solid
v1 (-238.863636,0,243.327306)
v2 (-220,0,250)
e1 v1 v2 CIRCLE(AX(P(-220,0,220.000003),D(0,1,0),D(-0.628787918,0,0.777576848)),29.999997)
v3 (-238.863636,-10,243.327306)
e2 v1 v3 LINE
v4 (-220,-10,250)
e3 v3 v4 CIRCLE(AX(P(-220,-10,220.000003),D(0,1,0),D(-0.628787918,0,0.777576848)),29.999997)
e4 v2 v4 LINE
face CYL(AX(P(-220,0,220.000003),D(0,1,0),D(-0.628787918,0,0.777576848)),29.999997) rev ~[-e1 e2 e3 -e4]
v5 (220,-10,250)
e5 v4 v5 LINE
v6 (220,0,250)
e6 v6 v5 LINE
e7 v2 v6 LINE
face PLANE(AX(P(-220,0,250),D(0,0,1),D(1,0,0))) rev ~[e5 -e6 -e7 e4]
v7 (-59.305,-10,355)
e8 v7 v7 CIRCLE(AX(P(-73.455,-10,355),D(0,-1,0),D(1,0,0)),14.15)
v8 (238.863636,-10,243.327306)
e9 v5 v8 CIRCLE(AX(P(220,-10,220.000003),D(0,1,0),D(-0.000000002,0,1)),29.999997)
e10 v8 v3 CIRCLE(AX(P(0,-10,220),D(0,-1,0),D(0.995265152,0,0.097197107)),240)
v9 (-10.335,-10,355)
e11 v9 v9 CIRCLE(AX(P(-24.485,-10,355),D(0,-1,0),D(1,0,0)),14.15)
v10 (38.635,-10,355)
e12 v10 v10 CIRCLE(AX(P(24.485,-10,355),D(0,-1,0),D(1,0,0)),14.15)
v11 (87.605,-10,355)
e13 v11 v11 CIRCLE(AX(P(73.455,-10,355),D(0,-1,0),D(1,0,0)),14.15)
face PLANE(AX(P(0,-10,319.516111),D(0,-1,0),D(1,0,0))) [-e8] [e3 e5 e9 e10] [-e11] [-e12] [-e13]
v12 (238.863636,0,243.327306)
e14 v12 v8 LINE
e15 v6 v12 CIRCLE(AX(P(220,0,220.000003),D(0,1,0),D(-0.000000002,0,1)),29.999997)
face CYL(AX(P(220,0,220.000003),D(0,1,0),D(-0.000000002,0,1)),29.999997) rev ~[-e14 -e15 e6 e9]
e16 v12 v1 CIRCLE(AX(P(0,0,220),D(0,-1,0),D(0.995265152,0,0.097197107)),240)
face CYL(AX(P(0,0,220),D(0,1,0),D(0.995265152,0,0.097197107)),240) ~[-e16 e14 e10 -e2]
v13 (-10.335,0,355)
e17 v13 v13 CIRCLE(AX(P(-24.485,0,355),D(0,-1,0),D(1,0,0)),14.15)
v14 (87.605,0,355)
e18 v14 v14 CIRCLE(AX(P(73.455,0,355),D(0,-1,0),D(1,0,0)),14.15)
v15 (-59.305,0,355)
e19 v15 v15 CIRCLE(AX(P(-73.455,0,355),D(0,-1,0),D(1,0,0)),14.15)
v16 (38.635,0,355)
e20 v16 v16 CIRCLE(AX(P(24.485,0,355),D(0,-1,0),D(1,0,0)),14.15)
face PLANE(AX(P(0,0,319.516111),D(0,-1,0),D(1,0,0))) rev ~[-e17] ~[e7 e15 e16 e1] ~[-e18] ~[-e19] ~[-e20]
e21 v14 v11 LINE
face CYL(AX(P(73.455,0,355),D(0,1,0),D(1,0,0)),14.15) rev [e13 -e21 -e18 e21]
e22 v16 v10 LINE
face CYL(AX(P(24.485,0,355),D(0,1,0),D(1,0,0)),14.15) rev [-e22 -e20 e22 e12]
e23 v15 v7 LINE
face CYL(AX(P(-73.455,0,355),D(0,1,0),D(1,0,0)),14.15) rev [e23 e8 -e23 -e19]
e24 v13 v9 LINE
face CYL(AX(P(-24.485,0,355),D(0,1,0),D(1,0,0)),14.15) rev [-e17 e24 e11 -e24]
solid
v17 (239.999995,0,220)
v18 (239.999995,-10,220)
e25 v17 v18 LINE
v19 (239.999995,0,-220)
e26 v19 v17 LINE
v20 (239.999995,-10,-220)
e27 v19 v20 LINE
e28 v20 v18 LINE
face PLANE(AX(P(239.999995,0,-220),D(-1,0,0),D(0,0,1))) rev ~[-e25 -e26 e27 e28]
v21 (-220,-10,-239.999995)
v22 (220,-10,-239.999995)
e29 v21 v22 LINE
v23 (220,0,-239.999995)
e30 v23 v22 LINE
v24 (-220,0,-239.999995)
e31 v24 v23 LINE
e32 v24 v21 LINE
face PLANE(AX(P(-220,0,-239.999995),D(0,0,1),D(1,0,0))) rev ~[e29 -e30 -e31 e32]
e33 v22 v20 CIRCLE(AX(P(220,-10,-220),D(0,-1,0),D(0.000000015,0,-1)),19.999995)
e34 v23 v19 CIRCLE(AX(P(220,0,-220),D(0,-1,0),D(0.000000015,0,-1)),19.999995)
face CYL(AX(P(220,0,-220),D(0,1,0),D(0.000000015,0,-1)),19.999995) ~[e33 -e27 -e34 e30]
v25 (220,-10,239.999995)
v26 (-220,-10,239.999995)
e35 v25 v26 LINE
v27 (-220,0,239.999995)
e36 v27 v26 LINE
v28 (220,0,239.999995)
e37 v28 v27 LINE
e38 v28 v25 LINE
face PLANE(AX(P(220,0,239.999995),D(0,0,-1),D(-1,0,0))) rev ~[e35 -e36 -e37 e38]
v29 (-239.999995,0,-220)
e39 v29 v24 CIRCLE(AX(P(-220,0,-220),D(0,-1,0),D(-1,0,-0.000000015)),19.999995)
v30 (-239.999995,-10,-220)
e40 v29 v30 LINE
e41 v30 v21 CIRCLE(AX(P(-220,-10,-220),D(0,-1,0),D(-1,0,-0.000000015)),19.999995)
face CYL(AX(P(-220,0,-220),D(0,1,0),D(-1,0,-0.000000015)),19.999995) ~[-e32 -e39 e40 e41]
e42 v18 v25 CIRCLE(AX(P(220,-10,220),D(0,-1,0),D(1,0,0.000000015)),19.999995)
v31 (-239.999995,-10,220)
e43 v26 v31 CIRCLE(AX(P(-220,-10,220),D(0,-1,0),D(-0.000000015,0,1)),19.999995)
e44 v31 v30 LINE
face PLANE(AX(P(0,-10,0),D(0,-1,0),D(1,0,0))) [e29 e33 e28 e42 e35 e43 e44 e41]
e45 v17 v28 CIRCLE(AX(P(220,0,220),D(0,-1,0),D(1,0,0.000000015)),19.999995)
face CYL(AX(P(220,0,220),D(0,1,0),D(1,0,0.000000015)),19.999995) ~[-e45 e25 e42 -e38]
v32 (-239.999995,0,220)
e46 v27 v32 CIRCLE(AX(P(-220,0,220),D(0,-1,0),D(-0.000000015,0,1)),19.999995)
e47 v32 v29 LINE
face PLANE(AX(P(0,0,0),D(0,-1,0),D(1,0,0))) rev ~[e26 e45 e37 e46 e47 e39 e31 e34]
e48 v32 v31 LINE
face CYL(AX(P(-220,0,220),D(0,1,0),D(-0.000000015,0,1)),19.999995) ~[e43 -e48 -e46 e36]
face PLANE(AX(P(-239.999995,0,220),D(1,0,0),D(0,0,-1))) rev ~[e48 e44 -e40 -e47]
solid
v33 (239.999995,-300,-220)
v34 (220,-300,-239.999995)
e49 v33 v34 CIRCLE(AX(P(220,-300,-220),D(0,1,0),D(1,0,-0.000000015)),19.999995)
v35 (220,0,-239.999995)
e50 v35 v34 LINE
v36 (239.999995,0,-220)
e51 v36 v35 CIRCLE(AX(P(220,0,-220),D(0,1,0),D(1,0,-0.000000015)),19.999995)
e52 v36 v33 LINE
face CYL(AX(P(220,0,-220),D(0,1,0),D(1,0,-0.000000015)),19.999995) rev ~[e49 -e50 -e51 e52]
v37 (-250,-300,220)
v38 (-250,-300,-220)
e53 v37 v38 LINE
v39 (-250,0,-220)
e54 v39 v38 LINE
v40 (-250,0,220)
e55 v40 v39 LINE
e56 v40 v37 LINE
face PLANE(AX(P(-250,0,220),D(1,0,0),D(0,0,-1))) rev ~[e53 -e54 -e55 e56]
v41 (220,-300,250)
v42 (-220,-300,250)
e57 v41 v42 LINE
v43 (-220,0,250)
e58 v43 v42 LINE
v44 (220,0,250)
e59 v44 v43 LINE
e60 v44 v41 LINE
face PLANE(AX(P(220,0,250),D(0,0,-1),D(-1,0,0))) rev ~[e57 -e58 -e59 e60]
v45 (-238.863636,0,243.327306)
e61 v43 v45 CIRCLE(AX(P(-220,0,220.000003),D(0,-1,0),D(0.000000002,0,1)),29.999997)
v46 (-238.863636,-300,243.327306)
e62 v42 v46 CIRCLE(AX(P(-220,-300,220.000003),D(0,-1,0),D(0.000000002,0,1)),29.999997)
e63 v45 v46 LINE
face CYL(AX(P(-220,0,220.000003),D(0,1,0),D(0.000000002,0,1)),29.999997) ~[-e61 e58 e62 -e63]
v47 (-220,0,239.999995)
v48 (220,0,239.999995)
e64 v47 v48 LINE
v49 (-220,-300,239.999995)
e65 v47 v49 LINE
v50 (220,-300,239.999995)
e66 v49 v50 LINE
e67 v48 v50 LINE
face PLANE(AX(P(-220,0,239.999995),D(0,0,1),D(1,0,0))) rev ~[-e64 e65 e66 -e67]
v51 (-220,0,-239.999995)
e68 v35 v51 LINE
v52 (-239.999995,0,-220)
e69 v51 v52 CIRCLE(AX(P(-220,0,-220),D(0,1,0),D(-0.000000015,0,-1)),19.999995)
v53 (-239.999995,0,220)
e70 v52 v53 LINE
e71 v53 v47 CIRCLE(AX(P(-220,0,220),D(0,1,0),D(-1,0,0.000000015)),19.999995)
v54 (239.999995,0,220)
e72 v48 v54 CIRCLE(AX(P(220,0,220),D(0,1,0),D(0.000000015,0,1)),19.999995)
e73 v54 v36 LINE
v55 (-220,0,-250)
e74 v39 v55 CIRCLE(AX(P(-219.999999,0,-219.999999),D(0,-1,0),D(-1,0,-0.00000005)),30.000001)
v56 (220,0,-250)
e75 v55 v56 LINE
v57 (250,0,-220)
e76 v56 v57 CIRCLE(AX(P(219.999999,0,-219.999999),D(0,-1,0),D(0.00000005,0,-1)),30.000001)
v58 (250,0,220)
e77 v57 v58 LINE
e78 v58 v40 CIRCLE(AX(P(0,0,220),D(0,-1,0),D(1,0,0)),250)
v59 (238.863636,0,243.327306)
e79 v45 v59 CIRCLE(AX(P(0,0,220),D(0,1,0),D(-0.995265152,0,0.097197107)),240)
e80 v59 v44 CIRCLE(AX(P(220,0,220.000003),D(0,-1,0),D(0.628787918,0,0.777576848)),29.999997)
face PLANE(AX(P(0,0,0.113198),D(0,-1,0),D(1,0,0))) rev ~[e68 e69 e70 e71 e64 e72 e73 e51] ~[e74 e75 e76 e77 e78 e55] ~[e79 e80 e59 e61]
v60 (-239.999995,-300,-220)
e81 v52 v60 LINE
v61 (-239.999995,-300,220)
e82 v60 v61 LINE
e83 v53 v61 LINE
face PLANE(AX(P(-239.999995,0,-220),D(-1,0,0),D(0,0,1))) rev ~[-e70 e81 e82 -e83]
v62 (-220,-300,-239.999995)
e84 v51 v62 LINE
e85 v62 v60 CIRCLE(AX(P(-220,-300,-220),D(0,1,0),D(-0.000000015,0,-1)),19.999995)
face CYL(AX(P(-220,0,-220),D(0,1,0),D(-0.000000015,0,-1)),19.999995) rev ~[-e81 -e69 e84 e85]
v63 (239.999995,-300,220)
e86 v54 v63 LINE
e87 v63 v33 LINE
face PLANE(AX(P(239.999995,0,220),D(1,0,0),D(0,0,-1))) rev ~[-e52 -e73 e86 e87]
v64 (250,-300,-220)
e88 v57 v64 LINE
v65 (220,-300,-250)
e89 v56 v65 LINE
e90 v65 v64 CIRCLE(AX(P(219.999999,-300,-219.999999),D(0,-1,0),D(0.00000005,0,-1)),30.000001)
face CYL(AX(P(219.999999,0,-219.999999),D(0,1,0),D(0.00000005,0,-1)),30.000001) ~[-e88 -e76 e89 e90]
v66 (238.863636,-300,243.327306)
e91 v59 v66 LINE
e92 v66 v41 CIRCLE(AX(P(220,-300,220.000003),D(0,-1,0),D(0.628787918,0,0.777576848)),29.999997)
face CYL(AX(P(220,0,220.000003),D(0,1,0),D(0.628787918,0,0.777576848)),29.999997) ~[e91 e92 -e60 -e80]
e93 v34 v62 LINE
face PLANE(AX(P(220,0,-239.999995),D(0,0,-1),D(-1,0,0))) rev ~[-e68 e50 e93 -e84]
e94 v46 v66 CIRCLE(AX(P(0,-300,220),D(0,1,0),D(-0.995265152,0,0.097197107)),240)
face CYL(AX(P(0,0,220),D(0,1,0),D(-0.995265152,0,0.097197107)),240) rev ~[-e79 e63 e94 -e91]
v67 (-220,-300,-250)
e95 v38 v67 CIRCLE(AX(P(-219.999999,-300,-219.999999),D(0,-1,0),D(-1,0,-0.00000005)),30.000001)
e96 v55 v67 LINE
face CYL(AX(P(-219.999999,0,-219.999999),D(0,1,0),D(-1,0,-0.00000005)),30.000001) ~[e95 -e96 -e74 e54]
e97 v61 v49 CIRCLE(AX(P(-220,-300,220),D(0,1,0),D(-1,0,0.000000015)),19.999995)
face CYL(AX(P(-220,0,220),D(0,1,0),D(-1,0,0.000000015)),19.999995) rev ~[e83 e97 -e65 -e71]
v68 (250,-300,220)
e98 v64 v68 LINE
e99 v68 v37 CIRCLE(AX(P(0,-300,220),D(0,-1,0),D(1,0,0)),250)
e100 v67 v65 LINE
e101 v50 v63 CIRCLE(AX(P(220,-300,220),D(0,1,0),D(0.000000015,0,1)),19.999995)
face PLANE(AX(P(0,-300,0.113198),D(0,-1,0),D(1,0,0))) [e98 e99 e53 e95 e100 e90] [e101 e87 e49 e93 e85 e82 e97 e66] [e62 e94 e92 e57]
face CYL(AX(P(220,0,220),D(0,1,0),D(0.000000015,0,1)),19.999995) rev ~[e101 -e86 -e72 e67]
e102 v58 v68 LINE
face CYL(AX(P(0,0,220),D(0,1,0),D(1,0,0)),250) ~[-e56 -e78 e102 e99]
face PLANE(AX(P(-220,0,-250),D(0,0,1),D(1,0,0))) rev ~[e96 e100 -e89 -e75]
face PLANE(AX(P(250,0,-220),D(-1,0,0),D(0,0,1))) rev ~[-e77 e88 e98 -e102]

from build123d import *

# Parameters (mm, degrees)
F0_R     = 14.15
F1_DEPTH = 10
F2_DEPTH = 300


with BuildPart() as f1:
    # F0 (on Front) → F1 (new body)
    with BuildSketch(Plane.XZ):
        with BuildLine():
            Line((220, 239.999995), (-220, 239.999995))
            ThreePointArc((-220, 239.999995), (-234.142132, 234.142132), (-239.999995, 220))
            Line((-239.999995, 220), (-239.999995, -220))
            ThreePointArc((-239.999995, -220), (-234.142132, -234.142132), (-220, -239.999995))
            Line((-220, -239.999995), (220, -239.999995))
            ThreePointArc((220, -239.999995), (234.142132, -234.142132), (239.999995, -220))
            Line((239.999995, -220), (239.999995, 220))
            ThreePointArc((239.999995, 220), (234.142132, 234.142132), (220, 239.999995))
        make_face()
        with BuildLine():
            ThreePointArc((-238.863636, 243.327306), (-230.004519, 248.282673), (-220, 250))
            Line((-220, 250), (220, 250))
            ThreePointArc((220, 250), (230.004519, 248.282673), (238.863636, 243.327306))
            ThreePointArc((238.863636, 243.327306), (0, 460), (-238.863636, 243.327306))
        make_face()
        with Locations((-73.455, 355)):
            Circle(F0_R, mode=Mode.SUBTRACT)
        with Locations((-24.485, 355)):
            Circle(F0_R, mode=Mode.SUBTRACT)
        with Locations((24.485, 355)):
            Circle(F0_R, mode=Mode.SUBTRACT)
        with Locations((73.455, 355)):
            Circle(F0_R, mode=Mode.SUBTRACT)
    extrude(amount=F1_DEPTH)


with BuildPart() as f2:
    # F0 (on Front) → F2 (new body)
    with BuildSketch(Plane.XZ):
        with BuildLine():
            Line((220, 250), (-220, 250))
            ThreePointArc((-220, 250), (-230.004519, 248.282673), (-238.863636, 243.327306))
            ThreePointArc((-238.863636, 243.327306), (-247.073133, 232.924607), (-250, 220))
            Line((-250, 220), (-250, -220))
            ThreePointArc((-250, -220), (-241.213203, -241.213203), (-220, -250))
            Line((-220, -250), (220, -250))
            ThreePointArc((220, -250), (241.213203, -241.213203), (250, -220))
            Line((250, -220), (250, 220))
            ThreePointArc((250, 220), (247.073133, 232.924607), (238.863636, 243.327306))
            ThreePointArc((238.863636, 243.327306), (230.004519, 248.282673), (220, 250))
        make_face()
        with BuildLine():
            ThreePointArc((-239.999995, 220), (-234.142132, 234.142132), (-220, 239.999995))
            Line((-220, 239.999995), (220, 239.999995))
            ThreePointArc((220, 239.999995), (234.142132, 234.142132), (239.999995, 220))
            Line((239.999995, 220), (239.999995, -220))
            ThreePointArc((239.999995, -220), (234.142132, -234.142132), (220, -239.999995))
            Line((220, -239.999995), (-220, -239.999995))
            ThreePointArc((-220, -239.999995), (-234.142132, -234.142132), (-239.999995, -220))
            Line((-239.999995, -220), (-239.999995, 220))
        make_face(mode=Mode.SUBTRACT)
        with BuildLine():
            ThreePointArc((-250, 220), (-247.073133, 232.924607), (-238.863636, 243.327306))
            ThreePointArc((-238.863636, 243.327306), (0, 460), (238.863636, 243.327306))
            ThreePointArc((238.863636, 243.327306), (247.073133, 232.924607), (250, 220))
            ThreePointArc((250, 220), (0, 470), (-250, 220))
        make_face()
    extrude(amount=F2_DEPTH)


solid = Compound([f1.part, f2.part])
